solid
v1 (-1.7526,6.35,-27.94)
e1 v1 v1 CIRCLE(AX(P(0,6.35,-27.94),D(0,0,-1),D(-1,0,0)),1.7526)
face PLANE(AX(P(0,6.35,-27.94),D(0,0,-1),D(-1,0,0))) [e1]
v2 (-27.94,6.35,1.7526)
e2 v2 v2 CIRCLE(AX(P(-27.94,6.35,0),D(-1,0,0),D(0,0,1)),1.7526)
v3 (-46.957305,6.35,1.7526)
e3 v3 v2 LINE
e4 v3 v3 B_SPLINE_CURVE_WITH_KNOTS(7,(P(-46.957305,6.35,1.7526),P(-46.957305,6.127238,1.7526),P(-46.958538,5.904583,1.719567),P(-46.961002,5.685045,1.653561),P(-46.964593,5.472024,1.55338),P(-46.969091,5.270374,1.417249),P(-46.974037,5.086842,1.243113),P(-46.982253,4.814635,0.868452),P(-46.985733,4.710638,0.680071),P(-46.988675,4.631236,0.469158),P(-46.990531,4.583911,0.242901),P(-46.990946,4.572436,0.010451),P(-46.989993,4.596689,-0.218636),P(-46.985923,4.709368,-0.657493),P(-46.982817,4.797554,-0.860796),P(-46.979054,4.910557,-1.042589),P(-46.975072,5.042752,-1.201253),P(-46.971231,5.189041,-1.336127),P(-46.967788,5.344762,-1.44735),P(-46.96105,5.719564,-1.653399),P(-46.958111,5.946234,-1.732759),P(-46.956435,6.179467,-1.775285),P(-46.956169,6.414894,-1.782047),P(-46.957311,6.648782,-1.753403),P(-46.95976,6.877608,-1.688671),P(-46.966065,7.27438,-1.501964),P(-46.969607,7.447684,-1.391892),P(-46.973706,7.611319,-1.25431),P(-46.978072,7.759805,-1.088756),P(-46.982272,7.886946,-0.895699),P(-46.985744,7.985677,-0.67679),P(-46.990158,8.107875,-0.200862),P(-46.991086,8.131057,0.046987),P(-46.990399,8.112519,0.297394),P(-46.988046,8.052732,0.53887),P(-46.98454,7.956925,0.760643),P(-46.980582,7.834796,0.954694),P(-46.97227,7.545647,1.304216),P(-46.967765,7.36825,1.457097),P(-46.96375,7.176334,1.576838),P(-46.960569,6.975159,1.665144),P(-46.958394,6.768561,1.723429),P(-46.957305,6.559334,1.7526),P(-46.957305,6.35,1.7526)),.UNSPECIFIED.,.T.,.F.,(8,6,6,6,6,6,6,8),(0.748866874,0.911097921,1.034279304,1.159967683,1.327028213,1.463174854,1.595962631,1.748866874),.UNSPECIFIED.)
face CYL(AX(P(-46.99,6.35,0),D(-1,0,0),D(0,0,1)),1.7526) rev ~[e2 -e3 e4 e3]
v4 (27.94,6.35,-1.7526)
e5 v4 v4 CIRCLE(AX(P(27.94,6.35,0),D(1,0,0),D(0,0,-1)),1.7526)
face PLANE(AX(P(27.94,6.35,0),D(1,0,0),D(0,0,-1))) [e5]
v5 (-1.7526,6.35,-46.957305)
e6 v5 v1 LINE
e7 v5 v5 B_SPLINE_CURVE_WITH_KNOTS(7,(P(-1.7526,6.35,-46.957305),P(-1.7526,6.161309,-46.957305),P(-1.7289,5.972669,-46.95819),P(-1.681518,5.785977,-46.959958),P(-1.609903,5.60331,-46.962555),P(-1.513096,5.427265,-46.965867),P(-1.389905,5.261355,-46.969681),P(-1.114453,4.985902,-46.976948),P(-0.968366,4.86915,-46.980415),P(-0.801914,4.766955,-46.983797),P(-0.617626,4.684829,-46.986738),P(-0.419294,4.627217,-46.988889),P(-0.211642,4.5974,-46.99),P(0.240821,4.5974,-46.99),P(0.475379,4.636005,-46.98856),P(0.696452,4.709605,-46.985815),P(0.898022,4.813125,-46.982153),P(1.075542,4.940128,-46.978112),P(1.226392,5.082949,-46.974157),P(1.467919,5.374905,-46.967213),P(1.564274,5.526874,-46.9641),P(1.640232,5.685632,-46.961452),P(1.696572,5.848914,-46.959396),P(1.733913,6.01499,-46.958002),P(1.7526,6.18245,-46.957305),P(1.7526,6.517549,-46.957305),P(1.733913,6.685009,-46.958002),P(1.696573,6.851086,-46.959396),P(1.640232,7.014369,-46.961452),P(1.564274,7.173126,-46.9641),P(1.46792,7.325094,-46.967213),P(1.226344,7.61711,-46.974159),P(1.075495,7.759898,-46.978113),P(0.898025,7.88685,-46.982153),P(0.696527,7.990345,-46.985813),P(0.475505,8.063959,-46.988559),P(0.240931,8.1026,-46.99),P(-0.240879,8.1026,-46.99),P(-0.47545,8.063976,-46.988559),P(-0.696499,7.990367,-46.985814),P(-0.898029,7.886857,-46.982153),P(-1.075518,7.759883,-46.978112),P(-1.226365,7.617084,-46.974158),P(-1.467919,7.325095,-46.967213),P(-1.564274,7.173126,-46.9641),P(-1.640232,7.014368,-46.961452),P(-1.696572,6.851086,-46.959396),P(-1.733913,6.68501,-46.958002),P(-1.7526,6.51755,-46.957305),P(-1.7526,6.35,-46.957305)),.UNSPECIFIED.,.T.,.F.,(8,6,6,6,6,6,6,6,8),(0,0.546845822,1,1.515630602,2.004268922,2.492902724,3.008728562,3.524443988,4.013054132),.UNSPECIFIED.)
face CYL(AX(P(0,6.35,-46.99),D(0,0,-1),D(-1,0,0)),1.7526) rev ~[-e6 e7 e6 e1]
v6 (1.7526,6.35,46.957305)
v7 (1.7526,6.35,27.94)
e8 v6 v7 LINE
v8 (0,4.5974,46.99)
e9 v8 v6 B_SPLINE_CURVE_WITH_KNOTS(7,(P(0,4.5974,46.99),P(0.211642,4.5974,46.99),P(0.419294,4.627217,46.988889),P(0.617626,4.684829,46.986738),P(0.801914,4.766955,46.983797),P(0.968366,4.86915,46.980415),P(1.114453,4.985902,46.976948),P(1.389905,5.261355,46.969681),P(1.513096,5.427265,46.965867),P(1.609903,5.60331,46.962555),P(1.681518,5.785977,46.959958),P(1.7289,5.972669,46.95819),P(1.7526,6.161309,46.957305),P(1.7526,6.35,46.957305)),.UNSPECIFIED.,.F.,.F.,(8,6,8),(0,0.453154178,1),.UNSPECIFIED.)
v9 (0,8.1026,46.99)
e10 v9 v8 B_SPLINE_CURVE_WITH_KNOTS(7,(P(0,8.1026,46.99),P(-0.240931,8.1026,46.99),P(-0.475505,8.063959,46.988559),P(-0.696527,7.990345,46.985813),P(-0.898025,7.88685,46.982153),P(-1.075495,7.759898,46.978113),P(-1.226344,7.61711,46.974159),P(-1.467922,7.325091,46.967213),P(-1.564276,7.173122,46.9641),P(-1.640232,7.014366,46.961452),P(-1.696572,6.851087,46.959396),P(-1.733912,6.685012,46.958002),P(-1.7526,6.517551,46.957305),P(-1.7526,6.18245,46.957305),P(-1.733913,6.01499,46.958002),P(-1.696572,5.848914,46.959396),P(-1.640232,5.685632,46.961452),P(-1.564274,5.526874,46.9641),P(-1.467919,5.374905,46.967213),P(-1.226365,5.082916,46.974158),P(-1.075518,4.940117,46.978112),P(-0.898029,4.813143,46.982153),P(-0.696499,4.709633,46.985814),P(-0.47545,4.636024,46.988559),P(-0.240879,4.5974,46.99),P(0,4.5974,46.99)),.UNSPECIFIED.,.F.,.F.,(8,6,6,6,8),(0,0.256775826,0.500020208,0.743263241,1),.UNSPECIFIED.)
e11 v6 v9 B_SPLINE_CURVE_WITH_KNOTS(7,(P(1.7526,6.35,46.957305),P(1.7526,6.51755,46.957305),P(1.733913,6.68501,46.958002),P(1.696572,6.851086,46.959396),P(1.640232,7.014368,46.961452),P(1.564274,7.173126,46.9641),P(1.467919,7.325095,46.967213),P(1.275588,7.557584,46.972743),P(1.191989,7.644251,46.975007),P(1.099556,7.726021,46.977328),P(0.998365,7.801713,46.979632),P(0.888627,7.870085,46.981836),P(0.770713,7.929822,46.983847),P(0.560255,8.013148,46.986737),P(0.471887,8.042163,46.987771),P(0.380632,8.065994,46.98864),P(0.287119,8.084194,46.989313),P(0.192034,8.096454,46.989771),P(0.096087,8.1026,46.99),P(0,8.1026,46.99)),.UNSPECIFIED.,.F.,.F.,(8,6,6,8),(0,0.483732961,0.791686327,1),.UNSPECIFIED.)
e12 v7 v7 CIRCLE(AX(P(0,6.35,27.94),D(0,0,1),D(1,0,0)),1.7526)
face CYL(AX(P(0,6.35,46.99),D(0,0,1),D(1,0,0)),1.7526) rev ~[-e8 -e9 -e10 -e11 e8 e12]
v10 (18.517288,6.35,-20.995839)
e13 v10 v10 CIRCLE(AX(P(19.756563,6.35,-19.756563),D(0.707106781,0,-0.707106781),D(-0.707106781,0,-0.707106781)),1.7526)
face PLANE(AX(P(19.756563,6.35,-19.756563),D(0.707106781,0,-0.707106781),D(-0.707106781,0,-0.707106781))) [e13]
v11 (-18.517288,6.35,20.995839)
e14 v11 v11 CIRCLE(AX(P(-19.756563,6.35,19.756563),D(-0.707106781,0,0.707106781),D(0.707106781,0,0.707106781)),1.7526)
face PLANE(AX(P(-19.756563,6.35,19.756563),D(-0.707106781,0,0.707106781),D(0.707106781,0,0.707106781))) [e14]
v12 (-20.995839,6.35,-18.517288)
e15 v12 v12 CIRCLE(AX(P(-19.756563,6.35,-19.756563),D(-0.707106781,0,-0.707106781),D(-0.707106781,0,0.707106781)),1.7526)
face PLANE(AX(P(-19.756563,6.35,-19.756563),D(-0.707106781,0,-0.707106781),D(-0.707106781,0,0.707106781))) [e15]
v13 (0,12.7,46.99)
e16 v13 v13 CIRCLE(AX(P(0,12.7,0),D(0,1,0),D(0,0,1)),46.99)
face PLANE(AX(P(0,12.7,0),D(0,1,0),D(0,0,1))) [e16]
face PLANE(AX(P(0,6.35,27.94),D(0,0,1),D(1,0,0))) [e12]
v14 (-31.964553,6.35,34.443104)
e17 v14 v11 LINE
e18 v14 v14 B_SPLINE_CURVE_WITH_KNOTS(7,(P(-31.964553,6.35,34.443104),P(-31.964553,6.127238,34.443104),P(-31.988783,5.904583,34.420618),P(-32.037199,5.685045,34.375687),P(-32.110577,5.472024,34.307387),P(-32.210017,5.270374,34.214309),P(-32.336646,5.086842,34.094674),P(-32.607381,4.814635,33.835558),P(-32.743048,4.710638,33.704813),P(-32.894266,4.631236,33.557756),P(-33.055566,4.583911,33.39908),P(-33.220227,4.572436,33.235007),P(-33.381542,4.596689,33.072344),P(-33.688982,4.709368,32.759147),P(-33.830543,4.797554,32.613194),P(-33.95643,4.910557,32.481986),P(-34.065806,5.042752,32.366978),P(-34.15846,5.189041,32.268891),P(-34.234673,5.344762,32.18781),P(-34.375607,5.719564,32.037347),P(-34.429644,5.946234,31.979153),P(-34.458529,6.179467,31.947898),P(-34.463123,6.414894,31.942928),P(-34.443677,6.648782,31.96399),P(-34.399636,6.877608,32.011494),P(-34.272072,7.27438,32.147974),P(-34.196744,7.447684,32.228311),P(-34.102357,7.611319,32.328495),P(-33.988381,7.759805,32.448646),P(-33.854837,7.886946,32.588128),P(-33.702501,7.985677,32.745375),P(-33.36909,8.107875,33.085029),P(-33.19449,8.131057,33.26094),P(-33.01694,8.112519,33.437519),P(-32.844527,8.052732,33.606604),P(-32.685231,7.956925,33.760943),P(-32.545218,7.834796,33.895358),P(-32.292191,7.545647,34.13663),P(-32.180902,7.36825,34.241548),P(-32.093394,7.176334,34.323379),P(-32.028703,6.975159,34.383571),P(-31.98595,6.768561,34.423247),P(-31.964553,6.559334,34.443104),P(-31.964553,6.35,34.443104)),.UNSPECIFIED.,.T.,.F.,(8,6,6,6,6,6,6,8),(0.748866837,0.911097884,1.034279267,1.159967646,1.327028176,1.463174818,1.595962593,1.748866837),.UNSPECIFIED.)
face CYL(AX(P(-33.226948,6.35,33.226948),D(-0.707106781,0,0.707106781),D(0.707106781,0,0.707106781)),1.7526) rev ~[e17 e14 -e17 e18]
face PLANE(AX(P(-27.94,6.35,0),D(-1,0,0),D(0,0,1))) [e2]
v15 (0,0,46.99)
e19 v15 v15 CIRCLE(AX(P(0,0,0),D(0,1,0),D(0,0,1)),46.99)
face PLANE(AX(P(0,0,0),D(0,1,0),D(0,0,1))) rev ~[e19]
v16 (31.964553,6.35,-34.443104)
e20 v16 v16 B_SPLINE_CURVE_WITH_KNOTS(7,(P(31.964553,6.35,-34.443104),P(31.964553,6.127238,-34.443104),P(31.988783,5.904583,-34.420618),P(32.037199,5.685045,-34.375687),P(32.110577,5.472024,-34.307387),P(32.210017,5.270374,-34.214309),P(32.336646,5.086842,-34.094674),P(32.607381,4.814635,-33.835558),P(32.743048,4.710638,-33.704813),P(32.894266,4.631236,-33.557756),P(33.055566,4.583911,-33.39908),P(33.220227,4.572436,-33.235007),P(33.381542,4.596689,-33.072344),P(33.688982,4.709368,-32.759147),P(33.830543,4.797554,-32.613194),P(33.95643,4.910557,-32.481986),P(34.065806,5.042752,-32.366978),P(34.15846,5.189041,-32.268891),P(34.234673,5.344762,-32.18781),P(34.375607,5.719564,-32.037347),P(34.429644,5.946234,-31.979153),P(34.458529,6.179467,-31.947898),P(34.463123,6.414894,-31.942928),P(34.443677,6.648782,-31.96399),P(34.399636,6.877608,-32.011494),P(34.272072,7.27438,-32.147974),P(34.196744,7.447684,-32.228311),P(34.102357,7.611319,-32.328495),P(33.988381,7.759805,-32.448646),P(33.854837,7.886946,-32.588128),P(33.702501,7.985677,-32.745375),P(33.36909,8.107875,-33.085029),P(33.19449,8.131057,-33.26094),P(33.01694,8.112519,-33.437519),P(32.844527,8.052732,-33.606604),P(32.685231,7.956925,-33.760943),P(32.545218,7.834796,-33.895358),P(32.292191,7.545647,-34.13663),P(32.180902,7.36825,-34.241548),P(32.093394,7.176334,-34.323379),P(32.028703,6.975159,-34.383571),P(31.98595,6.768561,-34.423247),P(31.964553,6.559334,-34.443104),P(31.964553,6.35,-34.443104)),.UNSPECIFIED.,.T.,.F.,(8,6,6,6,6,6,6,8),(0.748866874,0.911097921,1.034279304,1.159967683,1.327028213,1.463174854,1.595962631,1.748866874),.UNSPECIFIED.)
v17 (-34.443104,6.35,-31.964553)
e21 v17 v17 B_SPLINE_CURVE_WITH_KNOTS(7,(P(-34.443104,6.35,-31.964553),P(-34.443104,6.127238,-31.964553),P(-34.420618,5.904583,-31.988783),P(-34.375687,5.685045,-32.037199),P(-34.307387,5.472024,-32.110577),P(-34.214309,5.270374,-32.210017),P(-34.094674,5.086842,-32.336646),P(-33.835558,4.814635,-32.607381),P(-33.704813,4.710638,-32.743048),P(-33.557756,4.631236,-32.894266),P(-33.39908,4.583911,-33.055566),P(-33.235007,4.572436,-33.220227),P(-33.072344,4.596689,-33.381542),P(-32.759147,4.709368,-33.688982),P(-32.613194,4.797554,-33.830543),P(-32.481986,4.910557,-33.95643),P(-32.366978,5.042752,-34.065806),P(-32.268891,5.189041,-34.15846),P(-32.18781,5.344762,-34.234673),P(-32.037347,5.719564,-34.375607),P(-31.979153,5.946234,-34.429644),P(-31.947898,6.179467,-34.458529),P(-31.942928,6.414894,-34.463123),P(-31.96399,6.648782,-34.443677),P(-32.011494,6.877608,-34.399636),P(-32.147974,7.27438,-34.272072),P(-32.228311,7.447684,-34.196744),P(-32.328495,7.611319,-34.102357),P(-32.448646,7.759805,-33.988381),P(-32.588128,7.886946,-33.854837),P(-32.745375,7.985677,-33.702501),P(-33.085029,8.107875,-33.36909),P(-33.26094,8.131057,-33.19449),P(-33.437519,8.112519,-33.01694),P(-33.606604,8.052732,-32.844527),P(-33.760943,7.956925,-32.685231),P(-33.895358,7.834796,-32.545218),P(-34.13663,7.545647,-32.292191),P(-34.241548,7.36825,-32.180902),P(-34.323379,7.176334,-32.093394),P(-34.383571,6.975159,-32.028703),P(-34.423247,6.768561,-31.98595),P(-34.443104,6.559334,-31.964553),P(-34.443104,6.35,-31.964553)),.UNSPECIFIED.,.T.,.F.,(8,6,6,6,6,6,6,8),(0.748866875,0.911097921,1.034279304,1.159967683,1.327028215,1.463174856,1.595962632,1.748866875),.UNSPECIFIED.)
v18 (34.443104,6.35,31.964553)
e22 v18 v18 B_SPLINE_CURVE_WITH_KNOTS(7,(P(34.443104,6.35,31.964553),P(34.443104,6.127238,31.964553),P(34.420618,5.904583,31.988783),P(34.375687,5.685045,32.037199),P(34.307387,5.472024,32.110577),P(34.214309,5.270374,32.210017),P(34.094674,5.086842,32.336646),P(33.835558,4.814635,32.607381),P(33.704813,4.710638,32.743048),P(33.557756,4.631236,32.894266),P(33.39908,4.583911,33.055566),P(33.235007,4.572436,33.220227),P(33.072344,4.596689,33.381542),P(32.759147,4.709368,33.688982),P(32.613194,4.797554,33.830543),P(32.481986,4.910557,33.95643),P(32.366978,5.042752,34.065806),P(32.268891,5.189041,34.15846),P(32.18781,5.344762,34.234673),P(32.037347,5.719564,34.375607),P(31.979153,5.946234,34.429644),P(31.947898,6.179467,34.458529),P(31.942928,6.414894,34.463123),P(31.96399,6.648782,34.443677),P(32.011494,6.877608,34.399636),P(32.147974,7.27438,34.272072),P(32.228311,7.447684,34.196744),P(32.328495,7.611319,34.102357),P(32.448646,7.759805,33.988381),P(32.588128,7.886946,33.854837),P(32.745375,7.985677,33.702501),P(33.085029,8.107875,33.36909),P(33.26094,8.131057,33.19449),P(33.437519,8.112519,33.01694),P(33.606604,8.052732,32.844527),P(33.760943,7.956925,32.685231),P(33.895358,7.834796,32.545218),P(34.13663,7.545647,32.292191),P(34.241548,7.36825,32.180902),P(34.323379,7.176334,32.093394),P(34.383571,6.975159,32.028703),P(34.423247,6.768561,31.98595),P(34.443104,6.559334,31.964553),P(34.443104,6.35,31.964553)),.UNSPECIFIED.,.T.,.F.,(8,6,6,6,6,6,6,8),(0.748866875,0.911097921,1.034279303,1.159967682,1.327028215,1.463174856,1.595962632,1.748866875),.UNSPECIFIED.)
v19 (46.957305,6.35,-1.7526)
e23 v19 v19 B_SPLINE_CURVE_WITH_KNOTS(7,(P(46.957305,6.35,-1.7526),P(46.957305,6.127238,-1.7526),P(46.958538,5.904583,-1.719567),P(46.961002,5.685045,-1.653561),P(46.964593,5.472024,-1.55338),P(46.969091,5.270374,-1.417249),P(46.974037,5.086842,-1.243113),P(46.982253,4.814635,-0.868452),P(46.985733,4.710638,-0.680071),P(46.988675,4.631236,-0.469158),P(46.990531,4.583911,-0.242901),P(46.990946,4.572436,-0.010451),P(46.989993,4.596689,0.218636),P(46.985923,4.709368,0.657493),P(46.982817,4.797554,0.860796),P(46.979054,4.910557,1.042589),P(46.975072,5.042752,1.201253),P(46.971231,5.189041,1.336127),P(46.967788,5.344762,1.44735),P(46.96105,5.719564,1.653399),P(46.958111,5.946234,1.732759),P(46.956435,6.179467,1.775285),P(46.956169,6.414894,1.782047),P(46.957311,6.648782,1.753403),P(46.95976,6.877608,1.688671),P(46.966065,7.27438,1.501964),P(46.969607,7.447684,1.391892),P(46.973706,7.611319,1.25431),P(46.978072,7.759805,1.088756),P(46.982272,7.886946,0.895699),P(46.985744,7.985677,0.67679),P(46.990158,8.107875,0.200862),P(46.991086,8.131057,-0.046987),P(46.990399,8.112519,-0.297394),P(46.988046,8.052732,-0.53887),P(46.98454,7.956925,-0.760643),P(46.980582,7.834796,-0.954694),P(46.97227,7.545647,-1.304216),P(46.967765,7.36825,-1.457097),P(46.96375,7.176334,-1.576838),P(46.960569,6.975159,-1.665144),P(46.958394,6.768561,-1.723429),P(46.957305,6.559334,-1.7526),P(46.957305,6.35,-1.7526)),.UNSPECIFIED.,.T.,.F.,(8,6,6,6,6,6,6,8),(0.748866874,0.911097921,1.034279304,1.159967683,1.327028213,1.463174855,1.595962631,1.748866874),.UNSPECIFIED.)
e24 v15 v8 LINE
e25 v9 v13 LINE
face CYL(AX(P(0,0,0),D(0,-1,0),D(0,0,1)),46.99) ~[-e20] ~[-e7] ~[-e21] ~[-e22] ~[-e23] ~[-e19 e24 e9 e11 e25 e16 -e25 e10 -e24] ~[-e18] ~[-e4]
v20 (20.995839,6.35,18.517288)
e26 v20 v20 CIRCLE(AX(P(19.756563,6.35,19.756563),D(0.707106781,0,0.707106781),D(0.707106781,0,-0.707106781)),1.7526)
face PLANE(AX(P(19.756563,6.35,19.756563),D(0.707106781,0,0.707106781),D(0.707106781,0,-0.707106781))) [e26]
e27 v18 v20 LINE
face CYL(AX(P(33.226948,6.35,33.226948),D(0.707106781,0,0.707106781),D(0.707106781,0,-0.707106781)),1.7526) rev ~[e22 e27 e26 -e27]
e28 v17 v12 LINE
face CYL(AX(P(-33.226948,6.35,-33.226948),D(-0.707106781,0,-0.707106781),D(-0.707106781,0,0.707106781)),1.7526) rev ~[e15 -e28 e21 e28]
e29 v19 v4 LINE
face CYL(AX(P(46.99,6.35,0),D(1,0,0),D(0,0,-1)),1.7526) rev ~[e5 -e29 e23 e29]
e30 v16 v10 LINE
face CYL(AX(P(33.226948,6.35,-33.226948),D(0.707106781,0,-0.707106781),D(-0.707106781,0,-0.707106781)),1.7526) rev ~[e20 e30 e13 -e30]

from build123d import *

# Parameters (mm, degrees)
SKETCH1_R           = 46.99
BOSS_EXTRUDE1_DEPTH = 12.7
SKETCH2_R           = 1.7526
CUT_EXTRUDE1_DEPTH  = 19.05
CIRPATTERN1_COUNT   = 8


with BuildPart() as part:
    # Sketch1 → Boss-Extrude1 (new body)
    with BuildSketch(Plane(origin=(0, 0, 0), x_dir=(1, 0, 0), z_dir=(0, 1, 0))):
        with Locations(Location((0, 0, 0), (0, 0, 270))):
            Circle(SKETCH1_R)
    extrude(amount=BOSS_EXTRUDE1_DEPTH)

    # Sketch2 → Cut-Extrude1 (cut)
    with BuildSketch(Plane.XY.offset(46.99)):
        with Locations((0, 6.35)):
            Circle(SKETCH2_R)
    cut_extrude1 = extrude(amount=-CUT_EXTRUDE1_DEPTH, mode=Mode.SUBTRACT)

    # CirPattern1: Cut-Extrude1 ×8 about axis
    cirpattern1_axis = Axis((0, 0, 0), (0, 1, 0))
    for i in range(1, CIRPATTERN1_COUNT):
        add(cut_extrude1.rotate(cirpattern1_axis, i * 360 / CIRPATTERN1_COUNT), mode=Mode.SUBTRACT)


solid = part.part
